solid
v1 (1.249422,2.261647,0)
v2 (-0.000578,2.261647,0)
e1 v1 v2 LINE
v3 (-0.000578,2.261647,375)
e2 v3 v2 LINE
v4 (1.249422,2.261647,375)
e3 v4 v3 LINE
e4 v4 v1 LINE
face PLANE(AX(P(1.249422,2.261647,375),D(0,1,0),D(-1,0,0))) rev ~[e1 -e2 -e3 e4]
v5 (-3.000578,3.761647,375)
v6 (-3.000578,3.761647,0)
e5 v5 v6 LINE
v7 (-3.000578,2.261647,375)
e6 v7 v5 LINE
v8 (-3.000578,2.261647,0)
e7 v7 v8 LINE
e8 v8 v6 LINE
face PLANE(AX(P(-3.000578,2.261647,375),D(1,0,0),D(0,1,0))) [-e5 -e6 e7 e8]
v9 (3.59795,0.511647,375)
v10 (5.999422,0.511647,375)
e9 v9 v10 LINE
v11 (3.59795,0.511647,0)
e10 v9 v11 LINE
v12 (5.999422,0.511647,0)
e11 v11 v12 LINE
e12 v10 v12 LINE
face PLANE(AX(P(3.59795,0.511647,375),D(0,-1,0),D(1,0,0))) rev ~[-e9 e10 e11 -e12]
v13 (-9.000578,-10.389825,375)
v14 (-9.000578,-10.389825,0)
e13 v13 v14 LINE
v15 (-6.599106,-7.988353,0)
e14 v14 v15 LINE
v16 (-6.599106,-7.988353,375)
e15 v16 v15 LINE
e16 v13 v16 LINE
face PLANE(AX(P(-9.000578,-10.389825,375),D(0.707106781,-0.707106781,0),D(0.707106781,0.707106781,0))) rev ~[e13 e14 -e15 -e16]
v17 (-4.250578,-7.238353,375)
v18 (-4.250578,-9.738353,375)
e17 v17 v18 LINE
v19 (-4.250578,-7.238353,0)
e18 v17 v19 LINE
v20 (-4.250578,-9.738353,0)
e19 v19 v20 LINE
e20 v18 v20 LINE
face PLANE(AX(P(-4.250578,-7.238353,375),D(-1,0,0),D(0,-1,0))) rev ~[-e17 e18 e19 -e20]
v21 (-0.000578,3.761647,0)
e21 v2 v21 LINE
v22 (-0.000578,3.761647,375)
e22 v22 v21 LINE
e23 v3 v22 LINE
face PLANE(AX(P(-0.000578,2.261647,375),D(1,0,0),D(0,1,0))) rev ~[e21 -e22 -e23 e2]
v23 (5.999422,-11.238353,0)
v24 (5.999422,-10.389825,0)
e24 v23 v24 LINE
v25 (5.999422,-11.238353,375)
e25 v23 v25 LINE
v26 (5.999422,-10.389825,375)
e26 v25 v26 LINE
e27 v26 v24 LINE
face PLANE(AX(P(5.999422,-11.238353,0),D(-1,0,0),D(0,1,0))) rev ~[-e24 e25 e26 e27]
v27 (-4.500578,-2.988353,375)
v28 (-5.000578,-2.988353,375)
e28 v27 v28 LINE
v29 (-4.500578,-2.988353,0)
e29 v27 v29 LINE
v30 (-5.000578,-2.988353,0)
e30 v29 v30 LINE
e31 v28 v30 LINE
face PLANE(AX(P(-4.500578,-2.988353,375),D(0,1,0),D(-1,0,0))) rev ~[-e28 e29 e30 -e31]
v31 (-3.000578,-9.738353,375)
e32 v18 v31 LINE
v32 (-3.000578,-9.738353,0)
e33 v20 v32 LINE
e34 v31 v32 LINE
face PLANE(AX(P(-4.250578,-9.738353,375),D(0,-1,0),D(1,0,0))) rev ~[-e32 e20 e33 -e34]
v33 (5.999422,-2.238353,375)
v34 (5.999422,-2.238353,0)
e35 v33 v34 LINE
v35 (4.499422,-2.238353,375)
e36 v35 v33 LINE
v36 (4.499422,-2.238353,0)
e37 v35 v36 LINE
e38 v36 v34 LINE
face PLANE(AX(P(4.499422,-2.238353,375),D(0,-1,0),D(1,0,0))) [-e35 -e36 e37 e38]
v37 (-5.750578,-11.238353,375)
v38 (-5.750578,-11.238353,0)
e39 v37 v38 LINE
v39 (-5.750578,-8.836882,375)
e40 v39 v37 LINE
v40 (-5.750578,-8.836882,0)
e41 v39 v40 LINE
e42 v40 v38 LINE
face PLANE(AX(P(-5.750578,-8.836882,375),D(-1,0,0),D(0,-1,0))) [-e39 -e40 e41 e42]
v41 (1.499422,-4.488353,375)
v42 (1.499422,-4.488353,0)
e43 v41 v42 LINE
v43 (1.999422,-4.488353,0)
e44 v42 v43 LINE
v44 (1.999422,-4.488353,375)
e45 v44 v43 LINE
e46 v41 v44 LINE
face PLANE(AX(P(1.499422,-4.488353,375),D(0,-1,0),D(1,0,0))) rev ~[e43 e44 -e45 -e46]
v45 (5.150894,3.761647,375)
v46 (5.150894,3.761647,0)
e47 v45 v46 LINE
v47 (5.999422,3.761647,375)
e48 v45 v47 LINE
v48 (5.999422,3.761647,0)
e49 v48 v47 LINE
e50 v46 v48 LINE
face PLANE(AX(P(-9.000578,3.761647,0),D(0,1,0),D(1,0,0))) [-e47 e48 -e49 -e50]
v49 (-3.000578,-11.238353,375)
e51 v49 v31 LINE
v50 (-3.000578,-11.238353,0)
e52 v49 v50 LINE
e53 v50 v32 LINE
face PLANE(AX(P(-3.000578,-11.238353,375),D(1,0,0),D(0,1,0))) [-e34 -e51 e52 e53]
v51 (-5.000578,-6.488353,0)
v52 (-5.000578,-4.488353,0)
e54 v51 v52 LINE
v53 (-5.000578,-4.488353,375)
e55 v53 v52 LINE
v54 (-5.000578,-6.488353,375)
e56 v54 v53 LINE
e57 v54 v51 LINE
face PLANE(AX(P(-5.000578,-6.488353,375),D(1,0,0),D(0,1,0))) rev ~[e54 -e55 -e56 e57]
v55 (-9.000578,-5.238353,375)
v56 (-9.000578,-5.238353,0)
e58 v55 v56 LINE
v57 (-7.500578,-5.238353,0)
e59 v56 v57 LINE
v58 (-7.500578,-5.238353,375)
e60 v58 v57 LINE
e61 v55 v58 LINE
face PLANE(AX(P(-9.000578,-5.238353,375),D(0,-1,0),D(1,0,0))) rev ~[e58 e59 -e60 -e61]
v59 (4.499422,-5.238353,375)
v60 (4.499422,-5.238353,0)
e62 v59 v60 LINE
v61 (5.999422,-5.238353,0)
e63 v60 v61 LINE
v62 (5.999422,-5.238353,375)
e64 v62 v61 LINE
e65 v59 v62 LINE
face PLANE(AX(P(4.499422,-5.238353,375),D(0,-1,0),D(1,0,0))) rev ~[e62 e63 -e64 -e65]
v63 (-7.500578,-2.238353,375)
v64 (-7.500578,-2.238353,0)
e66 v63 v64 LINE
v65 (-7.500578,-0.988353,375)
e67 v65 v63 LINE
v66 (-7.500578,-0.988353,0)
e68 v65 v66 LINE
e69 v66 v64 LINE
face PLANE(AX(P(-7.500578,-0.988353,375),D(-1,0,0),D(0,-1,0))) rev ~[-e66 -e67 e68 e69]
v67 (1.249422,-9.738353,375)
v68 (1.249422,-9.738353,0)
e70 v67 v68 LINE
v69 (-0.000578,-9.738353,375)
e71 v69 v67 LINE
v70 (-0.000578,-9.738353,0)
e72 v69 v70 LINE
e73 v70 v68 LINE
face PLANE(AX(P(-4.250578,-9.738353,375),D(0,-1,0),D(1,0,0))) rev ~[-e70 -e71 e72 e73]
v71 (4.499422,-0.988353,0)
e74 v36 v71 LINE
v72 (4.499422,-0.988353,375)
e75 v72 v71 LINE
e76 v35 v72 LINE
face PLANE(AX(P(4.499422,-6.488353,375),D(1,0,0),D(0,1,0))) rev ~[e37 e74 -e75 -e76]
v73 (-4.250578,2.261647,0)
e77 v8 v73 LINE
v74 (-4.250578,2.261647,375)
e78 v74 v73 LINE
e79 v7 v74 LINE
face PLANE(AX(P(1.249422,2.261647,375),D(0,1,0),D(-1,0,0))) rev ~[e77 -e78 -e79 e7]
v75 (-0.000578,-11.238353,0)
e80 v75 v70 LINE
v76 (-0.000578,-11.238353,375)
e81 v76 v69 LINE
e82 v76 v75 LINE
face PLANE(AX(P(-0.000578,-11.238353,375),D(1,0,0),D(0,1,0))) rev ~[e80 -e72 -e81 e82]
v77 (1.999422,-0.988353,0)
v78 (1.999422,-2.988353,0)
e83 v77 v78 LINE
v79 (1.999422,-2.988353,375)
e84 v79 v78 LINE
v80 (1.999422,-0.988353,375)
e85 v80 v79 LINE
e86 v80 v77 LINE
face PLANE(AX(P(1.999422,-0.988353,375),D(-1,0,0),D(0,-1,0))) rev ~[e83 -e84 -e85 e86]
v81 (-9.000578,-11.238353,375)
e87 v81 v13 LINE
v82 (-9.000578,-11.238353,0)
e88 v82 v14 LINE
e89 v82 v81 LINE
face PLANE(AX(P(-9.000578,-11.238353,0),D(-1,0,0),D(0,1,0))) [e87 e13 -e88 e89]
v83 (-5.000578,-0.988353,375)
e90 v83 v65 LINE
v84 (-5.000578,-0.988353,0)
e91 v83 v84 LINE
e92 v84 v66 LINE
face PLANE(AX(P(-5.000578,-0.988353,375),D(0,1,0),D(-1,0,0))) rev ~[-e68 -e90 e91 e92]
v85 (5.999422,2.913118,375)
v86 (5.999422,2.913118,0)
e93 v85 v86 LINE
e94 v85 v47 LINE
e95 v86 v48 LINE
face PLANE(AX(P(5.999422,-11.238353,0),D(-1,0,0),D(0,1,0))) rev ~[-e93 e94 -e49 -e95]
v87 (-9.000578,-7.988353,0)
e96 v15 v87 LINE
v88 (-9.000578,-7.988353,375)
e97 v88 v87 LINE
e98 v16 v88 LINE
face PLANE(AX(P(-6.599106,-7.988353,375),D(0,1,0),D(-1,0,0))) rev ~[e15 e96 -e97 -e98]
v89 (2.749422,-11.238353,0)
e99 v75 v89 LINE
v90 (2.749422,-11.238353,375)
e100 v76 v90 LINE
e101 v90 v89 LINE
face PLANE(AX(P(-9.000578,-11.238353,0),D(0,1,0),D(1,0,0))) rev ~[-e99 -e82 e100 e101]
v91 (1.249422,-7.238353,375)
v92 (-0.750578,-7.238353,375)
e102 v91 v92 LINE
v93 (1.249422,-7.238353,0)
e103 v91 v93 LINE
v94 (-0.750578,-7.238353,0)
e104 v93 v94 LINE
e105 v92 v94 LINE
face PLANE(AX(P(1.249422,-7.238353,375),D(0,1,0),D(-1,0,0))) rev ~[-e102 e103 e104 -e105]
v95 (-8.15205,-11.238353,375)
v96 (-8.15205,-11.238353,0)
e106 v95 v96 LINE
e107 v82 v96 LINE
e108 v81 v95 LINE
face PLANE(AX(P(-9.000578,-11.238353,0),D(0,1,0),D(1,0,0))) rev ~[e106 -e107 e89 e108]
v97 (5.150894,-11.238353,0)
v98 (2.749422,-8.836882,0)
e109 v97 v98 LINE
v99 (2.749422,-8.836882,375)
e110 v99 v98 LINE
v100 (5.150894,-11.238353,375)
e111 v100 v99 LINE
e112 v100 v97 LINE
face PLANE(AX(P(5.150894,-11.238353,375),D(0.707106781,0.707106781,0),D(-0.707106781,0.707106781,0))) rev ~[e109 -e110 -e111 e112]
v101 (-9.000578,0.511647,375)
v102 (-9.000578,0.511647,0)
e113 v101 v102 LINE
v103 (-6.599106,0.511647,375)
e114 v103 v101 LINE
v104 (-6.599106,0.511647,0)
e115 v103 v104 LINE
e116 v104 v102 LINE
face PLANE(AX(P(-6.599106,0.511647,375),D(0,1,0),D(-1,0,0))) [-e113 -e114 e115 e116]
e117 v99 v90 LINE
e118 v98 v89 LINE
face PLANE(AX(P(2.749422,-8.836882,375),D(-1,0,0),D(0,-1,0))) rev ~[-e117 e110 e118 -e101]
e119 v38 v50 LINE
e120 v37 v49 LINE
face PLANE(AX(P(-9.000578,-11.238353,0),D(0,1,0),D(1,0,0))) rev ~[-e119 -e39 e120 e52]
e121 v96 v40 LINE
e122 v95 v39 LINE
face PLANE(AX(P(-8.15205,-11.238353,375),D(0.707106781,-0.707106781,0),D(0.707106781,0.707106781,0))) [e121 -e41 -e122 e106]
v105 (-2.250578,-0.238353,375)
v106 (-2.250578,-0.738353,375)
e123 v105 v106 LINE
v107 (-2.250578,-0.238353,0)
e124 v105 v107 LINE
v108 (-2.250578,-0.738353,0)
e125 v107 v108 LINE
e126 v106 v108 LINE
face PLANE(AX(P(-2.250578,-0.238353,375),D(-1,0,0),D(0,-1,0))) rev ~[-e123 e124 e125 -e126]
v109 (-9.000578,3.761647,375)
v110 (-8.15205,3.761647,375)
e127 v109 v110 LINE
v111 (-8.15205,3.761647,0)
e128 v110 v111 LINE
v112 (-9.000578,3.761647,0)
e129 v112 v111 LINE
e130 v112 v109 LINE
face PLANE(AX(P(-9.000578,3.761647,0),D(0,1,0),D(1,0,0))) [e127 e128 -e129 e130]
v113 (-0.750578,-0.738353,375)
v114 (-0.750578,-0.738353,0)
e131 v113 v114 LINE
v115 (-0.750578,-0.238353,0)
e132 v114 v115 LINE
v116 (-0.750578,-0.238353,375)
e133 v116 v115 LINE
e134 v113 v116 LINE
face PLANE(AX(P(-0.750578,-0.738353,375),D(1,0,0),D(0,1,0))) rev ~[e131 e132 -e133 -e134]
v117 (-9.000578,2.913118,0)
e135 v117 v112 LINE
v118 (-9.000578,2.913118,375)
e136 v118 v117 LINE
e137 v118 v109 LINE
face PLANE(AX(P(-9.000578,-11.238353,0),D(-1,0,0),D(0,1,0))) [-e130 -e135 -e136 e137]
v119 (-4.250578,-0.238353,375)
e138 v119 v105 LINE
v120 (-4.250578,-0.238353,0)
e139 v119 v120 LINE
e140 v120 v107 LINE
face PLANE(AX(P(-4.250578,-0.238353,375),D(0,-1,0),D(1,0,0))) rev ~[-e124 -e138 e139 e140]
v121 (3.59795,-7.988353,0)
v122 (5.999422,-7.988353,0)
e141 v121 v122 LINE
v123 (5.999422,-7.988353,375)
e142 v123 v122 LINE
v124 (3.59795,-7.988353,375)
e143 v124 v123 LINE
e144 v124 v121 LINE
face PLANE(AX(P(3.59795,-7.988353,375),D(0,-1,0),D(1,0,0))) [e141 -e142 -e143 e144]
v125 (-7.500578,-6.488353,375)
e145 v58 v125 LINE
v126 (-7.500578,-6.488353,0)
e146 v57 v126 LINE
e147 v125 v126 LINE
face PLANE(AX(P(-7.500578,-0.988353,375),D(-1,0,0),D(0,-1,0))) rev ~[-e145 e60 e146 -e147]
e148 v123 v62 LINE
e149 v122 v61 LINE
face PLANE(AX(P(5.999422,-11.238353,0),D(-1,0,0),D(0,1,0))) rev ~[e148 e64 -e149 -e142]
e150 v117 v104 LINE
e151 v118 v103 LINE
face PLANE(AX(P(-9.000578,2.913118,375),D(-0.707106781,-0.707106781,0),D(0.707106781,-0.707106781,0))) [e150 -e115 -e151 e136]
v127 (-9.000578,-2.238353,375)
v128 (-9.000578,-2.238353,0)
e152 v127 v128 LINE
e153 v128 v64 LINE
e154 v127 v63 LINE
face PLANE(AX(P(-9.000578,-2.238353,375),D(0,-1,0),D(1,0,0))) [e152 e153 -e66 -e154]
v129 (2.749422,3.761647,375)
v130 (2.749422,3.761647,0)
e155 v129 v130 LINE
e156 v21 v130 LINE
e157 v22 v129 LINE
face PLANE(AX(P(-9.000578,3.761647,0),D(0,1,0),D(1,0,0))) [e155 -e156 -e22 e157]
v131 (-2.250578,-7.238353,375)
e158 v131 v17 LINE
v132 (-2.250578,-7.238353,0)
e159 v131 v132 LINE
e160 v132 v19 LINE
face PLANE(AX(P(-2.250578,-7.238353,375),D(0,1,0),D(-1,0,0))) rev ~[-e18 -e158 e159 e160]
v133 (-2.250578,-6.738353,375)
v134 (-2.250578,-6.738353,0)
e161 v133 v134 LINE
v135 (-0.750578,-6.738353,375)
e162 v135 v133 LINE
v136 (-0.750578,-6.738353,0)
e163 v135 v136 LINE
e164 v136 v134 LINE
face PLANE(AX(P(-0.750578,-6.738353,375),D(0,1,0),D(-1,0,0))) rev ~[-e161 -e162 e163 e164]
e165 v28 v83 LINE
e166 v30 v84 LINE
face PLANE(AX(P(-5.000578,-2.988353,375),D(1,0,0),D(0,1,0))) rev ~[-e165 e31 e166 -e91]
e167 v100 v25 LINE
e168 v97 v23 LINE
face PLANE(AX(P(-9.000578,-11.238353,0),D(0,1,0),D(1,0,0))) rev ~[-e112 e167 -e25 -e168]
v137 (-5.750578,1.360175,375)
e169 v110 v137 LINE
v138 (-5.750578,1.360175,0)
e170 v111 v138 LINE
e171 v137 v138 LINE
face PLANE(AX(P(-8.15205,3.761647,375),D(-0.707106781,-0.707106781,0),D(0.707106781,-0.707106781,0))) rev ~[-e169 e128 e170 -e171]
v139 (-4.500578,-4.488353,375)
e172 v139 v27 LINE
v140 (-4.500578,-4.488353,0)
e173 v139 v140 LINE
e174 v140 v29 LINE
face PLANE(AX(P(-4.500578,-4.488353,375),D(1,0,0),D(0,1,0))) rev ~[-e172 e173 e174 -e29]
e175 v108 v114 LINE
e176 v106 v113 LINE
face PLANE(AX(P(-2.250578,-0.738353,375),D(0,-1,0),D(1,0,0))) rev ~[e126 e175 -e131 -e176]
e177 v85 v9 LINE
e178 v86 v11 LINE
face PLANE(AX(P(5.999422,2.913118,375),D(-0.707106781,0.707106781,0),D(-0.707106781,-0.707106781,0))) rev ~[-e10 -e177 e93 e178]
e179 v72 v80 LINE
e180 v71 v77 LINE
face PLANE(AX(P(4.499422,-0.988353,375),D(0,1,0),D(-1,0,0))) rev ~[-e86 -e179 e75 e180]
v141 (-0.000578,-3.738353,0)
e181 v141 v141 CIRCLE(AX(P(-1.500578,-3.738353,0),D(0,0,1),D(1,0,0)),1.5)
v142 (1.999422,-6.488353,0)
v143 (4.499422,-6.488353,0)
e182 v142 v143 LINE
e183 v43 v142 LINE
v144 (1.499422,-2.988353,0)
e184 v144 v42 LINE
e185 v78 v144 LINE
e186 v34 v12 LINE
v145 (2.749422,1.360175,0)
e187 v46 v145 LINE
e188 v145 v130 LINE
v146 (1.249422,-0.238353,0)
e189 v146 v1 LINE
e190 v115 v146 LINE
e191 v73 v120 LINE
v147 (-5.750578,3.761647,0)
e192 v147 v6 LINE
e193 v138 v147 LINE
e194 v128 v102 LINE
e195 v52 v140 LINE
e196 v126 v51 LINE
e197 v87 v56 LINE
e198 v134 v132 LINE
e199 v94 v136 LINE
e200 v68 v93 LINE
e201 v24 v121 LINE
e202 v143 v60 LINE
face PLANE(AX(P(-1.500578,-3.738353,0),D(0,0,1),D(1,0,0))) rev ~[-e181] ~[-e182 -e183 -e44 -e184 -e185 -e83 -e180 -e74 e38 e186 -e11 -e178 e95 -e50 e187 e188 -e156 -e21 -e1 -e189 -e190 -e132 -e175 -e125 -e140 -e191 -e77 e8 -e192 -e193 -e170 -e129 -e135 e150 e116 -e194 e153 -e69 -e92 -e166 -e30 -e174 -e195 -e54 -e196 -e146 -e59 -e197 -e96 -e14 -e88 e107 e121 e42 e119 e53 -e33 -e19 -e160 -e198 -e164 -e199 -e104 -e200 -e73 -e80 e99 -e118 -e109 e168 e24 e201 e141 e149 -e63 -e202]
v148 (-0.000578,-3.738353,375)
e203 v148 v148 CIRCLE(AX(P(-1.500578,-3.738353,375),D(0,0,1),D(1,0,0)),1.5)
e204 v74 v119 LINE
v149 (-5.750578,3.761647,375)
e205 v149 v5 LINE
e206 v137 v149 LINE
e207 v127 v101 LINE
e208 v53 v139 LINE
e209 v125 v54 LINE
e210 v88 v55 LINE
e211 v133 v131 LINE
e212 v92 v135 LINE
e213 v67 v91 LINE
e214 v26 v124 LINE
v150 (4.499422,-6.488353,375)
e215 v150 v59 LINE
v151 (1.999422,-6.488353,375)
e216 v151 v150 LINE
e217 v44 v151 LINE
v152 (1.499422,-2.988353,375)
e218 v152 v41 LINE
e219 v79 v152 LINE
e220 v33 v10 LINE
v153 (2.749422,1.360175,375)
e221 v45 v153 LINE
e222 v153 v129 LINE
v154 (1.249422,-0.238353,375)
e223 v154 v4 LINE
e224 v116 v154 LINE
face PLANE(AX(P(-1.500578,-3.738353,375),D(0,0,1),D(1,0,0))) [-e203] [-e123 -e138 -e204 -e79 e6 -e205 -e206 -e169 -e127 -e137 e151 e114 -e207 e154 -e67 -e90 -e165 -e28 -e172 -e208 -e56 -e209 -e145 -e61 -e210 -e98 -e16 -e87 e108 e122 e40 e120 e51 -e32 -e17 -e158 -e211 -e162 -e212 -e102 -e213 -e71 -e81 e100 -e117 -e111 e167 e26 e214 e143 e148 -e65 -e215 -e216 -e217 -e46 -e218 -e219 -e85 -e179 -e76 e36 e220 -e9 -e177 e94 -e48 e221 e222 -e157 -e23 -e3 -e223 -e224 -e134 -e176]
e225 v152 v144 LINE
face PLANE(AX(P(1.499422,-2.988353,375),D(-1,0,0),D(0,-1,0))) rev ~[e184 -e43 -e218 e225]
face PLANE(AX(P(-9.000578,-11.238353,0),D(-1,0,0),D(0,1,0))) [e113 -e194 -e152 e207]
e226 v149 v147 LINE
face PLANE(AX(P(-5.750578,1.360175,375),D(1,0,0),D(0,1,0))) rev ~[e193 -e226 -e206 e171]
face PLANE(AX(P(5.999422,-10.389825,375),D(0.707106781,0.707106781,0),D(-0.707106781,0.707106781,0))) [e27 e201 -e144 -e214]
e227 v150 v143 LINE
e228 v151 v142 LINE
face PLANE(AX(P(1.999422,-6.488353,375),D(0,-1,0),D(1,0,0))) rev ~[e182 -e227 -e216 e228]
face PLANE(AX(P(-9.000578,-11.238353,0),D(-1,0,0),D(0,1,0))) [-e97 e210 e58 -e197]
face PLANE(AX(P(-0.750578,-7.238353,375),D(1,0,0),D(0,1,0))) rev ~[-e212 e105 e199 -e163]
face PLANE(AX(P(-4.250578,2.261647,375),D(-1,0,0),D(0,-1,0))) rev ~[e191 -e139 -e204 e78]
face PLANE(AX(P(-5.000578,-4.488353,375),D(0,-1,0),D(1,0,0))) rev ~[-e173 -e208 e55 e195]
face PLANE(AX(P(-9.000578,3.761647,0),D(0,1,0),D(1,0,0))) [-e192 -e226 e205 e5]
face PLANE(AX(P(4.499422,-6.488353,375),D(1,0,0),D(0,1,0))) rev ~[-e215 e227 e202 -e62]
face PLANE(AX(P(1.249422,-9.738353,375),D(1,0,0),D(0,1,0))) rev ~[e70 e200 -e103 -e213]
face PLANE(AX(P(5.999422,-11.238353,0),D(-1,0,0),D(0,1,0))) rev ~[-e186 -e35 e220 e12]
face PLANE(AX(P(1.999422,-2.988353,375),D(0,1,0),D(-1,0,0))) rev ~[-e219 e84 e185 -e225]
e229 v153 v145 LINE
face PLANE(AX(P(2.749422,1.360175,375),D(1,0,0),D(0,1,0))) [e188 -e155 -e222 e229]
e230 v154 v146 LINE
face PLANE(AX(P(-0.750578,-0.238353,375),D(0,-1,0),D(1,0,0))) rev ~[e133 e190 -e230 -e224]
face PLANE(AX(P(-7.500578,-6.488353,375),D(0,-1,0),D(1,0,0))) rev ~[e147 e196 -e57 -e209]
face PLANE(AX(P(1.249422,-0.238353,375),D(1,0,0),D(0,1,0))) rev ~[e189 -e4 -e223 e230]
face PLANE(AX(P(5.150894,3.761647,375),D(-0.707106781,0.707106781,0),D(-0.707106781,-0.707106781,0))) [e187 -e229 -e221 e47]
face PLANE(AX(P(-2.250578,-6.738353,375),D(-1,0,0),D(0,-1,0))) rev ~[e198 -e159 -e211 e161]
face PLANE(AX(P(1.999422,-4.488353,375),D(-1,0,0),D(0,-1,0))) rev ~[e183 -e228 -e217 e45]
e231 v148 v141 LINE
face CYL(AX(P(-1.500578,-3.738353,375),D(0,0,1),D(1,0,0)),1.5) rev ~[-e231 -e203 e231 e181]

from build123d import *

# Parameters (mm, degrees)
SKETCH1_W           = 15
SKETCH1_H           = 15
BOSS_EXTRUDE1_DEPTH = 375
SKETCH2_R           = 1.5
CUT_EXTRUDE1_DEPTH  = 375
SKETCH3_W           = 3
SKETCH3_H           = 1.5
SKETCH3_W_2         = 1.5
SKETCH3_H_2         = 3
CUT_EXTRUDE2_DEPTH  = 375


with BuildPart() as part:
    # Sketch1 → Boss-Extrude1 (new body)
    with BuildSketch(Plane.XY):
        with Locations((-1.500578266, -3.738353388)):
            Rectangle(SKETCH1_W, SKETCH1_H)
    extrude(amount=BOSS_EXTRUDE1_DEPTH)

    # Sketch2 → Cut-Extrude1 (cut)
    with BuildSketch(Plane.XY.offset(375)):
        with Locations((-1.500578266, -3.738353388)):
            Circle(SKETCH2_R)
        Polygon((1.999421734, -4.488353388), (1.999421734, -6.488353388), (4.499421734, -6.488353388), (4.499421734, -0.988353388), (1.999421734, -0.988353388), (1.999421734, -2.988353388), (1.499421734, -2.988353388), (1.499421734, -4.488353388), align=None)
        Polygon((-4.250578266, -7.238353388), (-4.250578266, -9.738353388), (1.249421734, -9.738353388), (1.249421734, -7.238353388), (-0.750578266, -7.238353388), (-0.750578266, -6.738353388), (-2.250578266, -6.738353388), (-2.250578266, -7.238353388), align=None)
        Polygon((-5.000578266, -0.988353388), (-7.500578266, -0.988353388), (-7.500578266, -6.488353388), (-5.000578266, -6.488353388), (-5.000578266, -4.488353388), (-4.500578266, -4.488353388), (-4.500578266, -2.988353388), (-5.000578266, -2.988353388), align=None)
        Polygon((1.249421734, -0.238353388), (1.249421734, 2.261646612), (-4.250578266, 2.261646612), (-4.250578266, -0.238353388), (-2.250578266, -0.238353388), (-2.250578266, -0.738353388), (-0.750578266, -0.738353388), (-0.750578266, -0.238353388), align=None)
    extrude(amount=-CUT_EXTRUDE1_DEPTH, mode=Mode.SUBTRACT)

    # Sketch3 → Cut-Extrude2 (cut)
    with BuildSketch(Plane.XY.offset(375)):
        Polygon((5.150893596, 3.761646612), (2.749421734, 1.360174749), (2.749421734, 3.761646612), align=None)
        Polygon((5.999421734, 0.511646612), (5.999421734, 2.913118474), (3.597949871, 0.511646612), align=None)
        with Locations((-1.500578266, 3.011646612)):
            Rectangle(SKETCH3_W, SKETCH3_H)
        Polygon((2.749421734, -8.836881526), (2.749421734, -11.238353388), (5.150893596, -11.238353388), align=None)
        Polygon((5.999421734, -10.389825251), (3.597949871, -7.988353388), (5.999421734, -7.988353388), align=None)
        with Locations((5.249421734, -3.738353388)):
            Rectangle(SKETCH3_W_2, SKETCH3_H_2)
        Polygon((-6.599106404, -7.988353388), (-9.000578266, -7.988353388), (-9.000578266, -10.389825251), align=None)
        Polygon((-8.152050129, -11.238353388), (-5.750578266, -8.836881526), (-5.750578266, -11.238353388), align=None)
        with Locations((-1.500578266, -10.488353388)):
            Rectangle(SKETCH3_W, SKETCH3_H)
        Polygon((-5.750578266, 1.360174749), (-5.750578266, 3.761646612), (-8.152050129, 3.761646612), align=None)
        Polygon((-9.000578266, 2.913118474), (-6.599106404, 0.511646612), (-9.000578266, 0.511646612), align=None)
        with Locations((-8.250578266, -3.738353388)):
            Rectangle(SKETCH3_W_2, SKETCH3_H_2)
    extrude(amount=-CUT_EXTRUDE2_DEPTH, mode=Mode.SUBTRACT)


solid = part.part
